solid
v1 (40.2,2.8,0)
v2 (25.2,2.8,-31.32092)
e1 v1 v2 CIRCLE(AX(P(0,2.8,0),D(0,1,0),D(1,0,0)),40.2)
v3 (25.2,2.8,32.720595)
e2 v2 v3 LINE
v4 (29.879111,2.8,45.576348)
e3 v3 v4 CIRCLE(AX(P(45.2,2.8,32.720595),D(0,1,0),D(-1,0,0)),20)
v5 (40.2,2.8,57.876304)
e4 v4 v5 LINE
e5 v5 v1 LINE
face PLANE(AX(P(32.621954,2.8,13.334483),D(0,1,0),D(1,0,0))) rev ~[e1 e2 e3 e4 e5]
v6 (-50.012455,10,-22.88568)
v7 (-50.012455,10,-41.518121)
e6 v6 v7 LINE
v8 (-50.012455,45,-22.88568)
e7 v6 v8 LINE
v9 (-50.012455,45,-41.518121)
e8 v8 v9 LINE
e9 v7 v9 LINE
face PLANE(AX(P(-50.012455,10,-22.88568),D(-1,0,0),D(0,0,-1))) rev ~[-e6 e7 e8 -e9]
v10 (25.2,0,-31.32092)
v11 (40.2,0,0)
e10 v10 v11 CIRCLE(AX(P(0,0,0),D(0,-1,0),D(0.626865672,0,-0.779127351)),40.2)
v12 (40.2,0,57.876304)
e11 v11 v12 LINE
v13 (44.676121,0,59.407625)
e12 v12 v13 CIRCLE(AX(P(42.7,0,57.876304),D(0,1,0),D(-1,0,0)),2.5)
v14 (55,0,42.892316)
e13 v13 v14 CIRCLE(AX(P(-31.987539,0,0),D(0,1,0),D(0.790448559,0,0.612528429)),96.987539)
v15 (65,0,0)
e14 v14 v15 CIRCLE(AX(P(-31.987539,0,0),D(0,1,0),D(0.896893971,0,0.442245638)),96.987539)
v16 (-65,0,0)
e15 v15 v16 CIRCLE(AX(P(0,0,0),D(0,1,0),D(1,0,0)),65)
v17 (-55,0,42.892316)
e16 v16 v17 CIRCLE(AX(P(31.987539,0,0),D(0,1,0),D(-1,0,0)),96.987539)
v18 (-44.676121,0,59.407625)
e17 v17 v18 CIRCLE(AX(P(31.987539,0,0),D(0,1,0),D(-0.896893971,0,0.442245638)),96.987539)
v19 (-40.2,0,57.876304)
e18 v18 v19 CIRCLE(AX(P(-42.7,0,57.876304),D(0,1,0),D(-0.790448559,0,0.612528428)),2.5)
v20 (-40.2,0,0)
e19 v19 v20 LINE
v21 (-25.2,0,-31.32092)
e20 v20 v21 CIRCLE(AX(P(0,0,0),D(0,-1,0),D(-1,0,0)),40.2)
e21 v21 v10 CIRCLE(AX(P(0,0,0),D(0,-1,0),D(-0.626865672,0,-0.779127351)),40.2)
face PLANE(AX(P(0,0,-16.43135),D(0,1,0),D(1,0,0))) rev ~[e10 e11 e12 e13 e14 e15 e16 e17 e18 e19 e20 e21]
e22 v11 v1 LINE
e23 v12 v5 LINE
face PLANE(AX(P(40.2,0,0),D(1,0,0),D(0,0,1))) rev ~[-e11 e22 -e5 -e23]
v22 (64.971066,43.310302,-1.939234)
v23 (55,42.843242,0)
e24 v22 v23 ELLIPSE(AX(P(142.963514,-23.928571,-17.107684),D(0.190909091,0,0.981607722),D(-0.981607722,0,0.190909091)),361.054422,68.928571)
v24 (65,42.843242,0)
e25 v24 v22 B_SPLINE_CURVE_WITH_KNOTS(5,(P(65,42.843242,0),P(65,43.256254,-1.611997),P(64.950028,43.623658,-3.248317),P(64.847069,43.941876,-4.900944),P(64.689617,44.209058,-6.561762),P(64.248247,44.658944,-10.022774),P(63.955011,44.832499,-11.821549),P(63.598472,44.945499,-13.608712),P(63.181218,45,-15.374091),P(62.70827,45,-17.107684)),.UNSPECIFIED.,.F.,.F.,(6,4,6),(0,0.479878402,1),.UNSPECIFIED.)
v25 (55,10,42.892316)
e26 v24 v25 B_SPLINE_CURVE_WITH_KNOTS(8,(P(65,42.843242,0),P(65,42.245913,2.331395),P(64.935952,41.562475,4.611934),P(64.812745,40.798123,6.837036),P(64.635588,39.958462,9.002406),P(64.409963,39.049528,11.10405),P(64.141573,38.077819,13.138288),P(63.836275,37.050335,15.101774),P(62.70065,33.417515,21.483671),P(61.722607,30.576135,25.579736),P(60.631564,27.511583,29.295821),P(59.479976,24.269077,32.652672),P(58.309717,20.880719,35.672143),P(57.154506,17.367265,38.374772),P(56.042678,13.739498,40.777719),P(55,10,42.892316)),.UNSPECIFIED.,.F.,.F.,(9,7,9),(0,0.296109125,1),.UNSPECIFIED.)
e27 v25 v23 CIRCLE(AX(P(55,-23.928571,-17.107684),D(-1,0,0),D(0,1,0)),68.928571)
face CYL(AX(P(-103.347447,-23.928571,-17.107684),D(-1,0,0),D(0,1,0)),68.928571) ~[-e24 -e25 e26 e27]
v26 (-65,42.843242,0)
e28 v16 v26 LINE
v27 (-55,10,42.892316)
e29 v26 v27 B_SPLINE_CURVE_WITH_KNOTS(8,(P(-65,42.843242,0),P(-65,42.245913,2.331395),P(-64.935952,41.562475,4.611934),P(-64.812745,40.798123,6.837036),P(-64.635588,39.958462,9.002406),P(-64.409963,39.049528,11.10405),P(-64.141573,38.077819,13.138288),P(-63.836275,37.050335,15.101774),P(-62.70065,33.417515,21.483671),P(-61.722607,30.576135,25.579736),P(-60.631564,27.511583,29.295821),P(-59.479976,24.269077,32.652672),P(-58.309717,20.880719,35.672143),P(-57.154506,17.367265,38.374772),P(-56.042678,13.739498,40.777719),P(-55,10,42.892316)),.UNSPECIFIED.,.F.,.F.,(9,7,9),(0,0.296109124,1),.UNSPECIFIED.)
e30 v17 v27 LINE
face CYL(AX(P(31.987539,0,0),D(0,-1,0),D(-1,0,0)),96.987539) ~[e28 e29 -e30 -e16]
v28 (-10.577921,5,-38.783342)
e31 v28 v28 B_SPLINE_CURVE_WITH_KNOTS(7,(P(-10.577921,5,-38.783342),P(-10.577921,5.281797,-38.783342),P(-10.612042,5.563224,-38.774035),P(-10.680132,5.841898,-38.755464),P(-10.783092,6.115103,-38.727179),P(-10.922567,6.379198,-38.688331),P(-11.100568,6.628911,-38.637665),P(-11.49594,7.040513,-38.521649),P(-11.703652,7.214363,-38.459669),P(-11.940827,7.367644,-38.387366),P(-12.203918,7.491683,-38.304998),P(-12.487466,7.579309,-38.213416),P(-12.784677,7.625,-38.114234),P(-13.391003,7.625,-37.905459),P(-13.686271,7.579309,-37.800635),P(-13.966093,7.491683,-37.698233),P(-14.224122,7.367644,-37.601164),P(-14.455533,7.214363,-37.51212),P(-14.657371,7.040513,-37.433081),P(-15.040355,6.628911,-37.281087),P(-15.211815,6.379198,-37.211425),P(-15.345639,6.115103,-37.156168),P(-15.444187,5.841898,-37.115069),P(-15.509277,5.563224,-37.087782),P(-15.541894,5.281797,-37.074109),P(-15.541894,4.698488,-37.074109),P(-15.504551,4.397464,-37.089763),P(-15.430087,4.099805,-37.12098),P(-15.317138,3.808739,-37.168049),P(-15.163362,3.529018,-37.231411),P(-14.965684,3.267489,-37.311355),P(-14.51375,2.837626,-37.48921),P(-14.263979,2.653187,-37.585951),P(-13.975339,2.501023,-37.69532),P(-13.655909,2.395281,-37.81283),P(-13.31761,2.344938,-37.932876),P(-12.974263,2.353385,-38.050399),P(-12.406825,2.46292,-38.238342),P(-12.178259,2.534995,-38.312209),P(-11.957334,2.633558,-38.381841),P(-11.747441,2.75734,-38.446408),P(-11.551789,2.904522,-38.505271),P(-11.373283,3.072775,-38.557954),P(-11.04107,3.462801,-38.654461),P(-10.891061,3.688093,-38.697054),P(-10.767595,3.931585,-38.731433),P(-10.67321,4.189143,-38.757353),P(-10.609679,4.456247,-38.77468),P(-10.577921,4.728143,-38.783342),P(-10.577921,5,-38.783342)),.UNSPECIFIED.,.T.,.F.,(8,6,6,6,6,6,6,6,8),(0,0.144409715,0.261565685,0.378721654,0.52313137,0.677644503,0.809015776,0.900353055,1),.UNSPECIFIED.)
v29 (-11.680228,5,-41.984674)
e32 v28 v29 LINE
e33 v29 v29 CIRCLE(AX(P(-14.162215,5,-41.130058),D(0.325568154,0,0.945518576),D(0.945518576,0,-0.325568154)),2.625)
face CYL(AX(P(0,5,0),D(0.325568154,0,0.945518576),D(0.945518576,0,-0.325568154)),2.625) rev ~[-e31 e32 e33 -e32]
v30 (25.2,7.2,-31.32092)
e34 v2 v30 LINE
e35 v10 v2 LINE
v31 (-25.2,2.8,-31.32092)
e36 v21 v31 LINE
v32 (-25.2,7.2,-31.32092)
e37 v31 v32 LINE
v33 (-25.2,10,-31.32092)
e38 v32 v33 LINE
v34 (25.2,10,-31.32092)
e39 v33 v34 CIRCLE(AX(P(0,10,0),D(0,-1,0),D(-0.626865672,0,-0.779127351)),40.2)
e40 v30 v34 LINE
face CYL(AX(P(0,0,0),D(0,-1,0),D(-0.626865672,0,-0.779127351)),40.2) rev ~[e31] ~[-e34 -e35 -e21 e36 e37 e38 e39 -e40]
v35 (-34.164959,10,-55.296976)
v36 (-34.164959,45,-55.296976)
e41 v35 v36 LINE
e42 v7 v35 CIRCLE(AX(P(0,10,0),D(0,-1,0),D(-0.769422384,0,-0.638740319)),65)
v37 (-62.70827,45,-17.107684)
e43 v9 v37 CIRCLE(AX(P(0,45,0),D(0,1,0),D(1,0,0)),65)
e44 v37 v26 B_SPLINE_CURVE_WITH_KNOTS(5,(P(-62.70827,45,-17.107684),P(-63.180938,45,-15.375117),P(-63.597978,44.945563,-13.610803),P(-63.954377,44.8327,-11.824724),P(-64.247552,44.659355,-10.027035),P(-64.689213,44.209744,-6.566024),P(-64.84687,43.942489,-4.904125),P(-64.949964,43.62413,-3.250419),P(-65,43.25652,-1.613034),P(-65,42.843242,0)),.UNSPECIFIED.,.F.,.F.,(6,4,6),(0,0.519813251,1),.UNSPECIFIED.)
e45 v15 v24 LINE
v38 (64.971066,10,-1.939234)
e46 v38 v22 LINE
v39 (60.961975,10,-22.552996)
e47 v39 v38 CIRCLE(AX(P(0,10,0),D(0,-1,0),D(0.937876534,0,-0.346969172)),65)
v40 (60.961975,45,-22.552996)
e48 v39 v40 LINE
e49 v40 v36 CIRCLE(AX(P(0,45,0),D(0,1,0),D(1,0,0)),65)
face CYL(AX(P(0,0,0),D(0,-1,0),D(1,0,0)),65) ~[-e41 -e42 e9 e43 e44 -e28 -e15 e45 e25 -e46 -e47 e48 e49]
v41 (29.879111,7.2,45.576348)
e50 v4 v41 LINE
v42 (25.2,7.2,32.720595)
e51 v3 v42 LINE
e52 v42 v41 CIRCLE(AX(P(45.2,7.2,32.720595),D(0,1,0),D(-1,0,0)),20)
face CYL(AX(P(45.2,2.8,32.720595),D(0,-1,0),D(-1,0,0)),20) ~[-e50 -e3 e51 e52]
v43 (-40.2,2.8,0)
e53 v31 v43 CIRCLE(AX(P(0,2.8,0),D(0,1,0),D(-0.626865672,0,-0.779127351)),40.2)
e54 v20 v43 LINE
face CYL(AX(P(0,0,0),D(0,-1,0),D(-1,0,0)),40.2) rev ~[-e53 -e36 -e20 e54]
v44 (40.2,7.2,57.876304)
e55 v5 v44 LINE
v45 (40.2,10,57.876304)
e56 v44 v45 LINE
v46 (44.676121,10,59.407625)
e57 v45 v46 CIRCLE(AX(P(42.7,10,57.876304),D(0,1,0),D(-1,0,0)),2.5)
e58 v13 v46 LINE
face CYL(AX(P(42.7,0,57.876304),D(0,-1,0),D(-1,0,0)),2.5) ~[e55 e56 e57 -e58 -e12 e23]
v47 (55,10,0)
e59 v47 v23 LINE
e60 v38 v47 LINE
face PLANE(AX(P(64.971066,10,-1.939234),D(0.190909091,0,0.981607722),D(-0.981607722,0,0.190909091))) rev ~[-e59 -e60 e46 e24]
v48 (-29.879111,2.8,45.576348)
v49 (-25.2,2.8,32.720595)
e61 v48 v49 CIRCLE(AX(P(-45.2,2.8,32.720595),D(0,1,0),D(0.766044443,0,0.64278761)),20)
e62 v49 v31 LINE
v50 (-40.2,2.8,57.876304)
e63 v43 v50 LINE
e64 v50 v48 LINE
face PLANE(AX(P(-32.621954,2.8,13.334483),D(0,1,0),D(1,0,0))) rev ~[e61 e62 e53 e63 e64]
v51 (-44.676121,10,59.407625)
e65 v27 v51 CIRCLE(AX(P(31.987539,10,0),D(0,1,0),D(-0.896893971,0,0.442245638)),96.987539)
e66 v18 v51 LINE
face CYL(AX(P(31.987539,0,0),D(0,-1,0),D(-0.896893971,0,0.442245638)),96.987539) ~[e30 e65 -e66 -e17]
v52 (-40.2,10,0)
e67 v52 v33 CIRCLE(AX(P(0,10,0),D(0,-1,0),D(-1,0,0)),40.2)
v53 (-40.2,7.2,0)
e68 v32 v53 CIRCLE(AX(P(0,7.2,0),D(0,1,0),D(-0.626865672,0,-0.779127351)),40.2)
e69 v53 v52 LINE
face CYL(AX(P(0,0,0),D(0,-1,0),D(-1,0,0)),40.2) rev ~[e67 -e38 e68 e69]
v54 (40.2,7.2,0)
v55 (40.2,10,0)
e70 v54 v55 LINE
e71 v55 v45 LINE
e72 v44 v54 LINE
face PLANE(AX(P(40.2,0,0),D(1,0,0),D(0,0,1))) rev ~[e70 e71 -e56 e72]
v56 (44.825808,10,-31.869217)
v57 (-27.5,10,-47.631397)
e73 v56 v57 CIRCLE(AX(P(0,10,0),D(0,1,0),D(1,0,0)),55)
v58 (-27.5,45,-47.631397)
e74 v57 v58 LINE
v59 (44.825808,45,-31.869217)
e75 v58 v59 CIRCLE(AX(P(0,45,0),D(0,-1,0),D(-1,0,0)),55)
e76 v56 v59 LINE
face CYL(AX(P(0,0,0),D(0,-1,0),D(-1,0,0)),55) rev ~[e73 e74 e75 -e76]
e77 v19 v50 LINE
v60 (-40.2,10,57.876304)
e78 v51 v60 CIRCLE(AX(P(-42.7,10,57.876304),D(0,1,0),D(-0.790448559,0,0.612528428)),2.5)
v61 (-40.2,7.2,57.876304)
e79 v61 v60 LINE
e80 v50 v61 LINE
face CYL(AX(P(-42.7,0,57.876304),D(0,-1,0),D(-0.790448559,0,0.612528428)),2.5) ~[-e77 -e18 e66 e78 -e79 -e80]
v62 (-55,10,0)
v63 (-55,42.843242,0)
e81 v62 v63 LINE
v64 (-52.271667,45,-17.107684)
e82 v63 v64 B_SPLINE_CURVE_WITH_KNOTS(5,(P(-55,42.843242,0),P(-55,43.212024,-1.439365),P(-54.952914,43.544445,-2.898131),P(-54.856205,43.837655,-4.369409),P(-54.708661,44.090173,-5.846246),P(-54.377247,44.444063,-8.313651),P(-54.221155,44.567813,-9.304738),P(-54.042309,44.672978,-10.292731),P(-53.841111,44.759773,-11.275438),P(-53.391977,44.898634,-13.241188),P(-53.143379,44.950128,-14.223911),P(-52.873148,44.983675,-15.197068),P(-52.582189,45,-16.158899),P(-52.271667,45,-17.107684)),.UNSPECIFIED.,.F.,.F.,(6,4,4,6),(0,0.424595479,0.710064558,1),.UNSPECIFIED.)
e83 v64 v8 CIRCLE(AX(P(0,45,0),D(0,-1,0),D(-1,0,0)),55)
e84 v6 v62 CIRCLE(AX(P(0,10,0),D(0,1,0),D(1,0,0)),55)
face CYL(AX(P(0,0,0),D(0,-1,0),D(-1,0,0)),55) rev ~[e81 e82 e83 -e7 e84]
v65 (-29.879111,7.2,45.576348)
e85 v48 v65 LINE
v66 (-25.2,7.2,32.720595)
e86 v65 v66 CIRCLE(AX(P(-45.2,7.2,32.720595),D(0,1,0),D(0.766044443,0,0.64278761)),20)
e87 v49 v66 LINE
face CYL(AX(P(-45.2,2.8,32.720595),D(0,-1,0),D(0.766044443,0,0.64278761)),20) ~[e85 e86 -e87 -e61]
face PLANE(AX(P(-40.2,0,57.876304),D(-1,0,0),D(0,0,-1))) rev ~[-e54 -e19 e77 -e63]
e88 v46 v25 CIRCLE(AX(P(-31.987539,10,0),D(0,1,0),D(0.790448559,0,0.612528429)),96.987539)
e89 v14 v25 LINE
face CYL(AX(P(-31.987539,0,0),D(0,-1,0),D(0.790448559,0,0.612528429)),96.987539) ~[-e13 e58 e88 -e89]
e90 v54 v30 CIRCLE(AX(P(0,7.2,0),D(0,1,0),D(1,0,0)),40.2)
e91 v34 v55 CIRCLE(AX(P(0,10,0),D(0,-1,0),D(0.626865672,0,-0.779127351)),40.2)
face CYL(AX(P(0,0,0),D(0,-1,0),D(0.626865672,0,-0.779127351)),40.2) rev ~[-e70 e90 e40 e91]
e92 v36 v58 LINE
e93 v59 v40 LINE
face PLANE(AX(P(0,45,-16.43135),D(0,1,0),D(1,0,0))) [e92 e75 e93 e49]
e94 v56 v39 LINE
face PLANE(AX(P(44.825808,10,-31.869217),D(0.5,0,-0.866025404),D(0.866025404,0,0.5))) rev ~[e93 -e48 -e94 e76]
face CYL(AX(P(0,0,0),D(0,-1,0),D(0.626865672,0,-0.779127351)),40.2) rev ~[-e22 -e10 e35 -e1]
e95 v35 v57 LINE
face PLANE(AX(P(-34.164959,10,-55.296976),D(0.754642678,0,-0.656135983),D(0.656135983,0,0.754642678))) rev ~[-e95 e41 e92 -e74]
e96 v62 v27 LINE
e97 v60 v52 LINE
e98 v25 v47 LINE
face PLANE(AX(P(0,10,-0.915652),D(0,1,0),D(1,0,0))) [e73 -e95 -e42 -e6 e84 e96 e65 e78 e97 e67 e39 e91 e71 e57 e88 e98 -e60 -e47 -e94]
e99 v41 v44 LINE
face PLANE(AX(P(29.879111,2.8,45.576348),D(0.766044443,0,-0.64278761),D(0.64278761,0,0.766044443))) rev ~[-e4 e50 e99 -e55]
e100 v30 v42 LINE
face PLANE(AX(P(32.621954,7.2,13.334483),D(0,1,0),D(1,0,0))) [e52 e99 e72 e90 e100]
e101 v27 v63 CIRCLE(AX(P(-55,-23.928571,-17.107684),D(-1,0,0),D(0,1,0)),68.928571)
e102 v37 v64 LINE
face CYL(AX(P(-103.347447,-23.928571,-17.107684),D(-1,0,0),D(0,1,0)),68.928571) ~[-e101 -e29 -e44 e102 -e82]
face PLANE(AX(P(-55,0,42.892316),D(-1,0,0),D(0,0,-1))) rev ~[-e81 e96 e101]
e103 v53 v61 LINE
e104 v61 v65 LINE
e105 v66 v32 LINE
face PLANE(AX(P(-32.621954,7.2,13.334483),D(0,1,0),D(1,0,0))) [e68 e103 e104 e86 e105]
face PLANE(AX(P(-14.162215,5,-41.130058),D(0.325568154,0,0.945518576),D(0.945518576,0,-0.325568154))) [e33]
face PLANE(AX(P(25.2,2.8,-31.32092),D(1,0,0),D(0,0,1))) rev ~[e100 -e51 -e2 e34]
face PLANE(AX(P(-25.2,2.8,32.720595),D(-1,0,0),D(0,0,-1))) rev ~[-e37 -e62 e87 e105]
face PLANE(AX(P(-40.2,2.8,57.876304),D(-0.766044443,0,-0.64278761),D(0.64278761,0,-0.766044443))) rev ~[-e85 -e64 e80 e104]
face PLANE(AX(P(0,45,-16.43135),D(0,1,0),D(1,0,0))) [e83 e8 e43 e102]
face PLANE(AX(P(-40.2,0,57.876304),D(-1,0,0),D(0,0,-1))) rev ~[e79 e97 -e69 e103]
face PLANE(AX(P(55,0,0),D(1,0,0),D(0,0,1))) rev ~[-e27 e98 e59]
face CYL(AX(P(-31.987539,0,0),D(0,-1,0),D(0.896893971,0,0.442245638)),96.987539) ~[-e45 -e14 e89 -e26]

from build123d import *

# Parameters (mm, degrees)
BOSS_EXTRUDE1_DEPTH     = 10
BOSS_EXTRUDE2_START     = 2.8
BOSS_EXTRUDE2_DEPTH     = 4.4
BOSS_EXTRUDE3_DEPTH     = 45
CUT_EXTRUDE1_DEPTH      = 103.347447452
CUT_EXTRUDE1_DEPTH_BACK = 103.347447452
CUT_EXTRUDE2_START      = -35
CUT_EXTRUDE2_DEPTH      = 35
SKETCH7_R               = 2.625
CUT_EXTRUDE5_DEPTH      = 43.5


with BuildPart() as part:
    # Sketch1 → Boss-Extrude1 (new body)
    with BuildSketch(Plane(origin=(0, 0, 0), x_dir=(1, 0, 0), z_dir=(0, 1, 0))):
        with BuildLine():
            Line((-40.2, -57.876303889), (-40.2, 0))
            ThreePointArc((-40.2, 0), (-36.256585609, 17.363755354), (-25.2, 31.320919527))
            ThreePointArc((-25.2, 31.320919527), (0, 40.2), (25.2, 31.320919527))
            ThreePointArc((25.2, 31.320919527), (36.256585609, 17.363755354), (40.2, 0))
            Line((40.2, 0), (40.2, -57.876303889))
            ThreePointArc((40.2, -57.876303889), (41.890773052, -60.2417112), (44.676121397, -59.40762496))
            ThreePointArc((44.676121397, -59.40762496), (50.25367708, -51.409776352), (55, -42.892316139))
            Line((55, -42.892316139), (55, 0))
            ThreePointArc((55, 0), (0, 55), (-55, 0))
            Line((-55, 0), (-55, -42.892316139))
            ThreePointArc((-55, -42.892316139), (-50.25367708, -51.409776352), (-44.676121397, -59.40762496))
            ThreePointArc((-44.676121397, -59.40762496), (-41.890773052, -60.2417112), (-40.2, -57.876303889))
        make_face()
    extrude(amount=BOSS_EXTRUDE1_DEPTH)

    # Sketch1<5> → Boss-Extrude2 (add)
    with BuildSketch(Plane(origin=(0, 0, 0), x_dir=(1, 0, 0), z_dir=(0, 1, 0)).offset(BOSS_EXTRUDE2_START)):
        with BuildLine():
            ThreePointArc((-25.2, 31.320919527), (-36.256585609, 17.363755354), (-40.2, 0))
            Line((-40.2, 0), (-40.2, -57.876303889))
            Line((-40.2, -57.876303889), (-29.879111138, -45.576347508))
            ThreePointArc((-29.879111138, -45.576347508), (-26.406147584, -39.560998181), (-25.2, -32.720595315))
            Line((-25.2, -32.720595315), (-25.2, 31.320919527))
        make_face()
        with BuildLine():
            ThreePointArc((40.2, 0), (36.256585609, 17.363755354), (25.2, 31.320919527))
            Line((25.2, 31.320919527), (25.2, -32.720595315))
            ThreePointArc((25.2, -32.720595315), (26.406147584, -39.560998181), (29.879111138, -45.576347508))
            Line((29.879111138, -45.576347508), (40.2, -57.876303889))
            Line((40.2, -57.876303889), (40.2, 0))
        make_face()
    extrude(amount=BOSS_EXTRUDE2_DEPTH)

    # Sketch1<6> → Boss-Extrude3 (add)
    with BuildSketch(Plane(origin=(0, 0, 0), x_dir=(1, 0, 0), z_dir=(0, 1, 0))):
        with BuildLine():
            ThreePointArc((-65, 0), (-62.466921066, -22.021300959), (-55, -42.892316139))
            Line((-55, -42.892316139), (-55, 0))
            ThreePointArc((-55, 0), (0, 55), (55, 0))
            Line((55, 0), (55, -42.892316139))
            ThreePointArc((55, -42.892316139), (62.466921066, -22.021300959), (65, 0))
            ThreePointArc((65, 0), (0, 65), (-65, 0))
        make_face()
    extrude(amount=BOSS_EXTRUDE3_DEPTH)

    # Sketch2 → Cut-Extrude1 (cut, two sides: drawn at the far end of the back side and taken through both)
    with BuildSketch(Plane(origin=(0, 0, 0), x_dir=(0, 0, -1), z_dir=(1, 0, 0)).offset(-CUT_EXTRUDE1_DEPTH_BACK)):
        with BuildLine():
            Line((-42.892316139, 10), (-42.892316139, 45))
            Line((-42.892316139, 45), (17.107683861, 45))
            ThreePointArc((17.107683861, 45), (-17.623426113, 35.61047424), (-42.892316139, 10))
        make_face()
    extrude(amount=CUT_EXTRUDE1_DEPTH + CUT_EXTRUDE1_DEPTH_BACK, mode=Mode.SUBTRACT)

    # Sketch3 → Cut-Extrude2 (cut)
    with BuildSketch(Plane(origin=(0, 45, 0), x_dir=(1, 0, 0), z_dir=(0, 1, 0)).offset(CUT_EXTRUDE2_START)):
        with BuildLine():
            Line((-34.164958741, 55.296976357), (-27.5, 47.631397208))
            ThreePointArc((-27.5, 47.631397208), (-36.087479082, 41.505347288), (-43.347496237, 33.852541558))
            ThreePointArc((-43.347496237, 33.852541558), (-47.000937608, 28.564170983), (-50.012454978, 22.885679957))
            Line((-50.012454978, 22.885679957), (-50.012454978, 41.518120707))
            ThreePointArc((-50.012454978, 41.518120707), (-42.648838916, 49.051774067), (-34.164958741, 55.296976357))
        make_face()
        with BuildLine():
            Line((64.971065648, 1.93923401), (55, 0))
            ThreePointArc((55, 0), (53.988424685, 10.5), (50.990909091, 20.613762153))
            ThreePointArc((50.990909091, 20.613762153), (48.237766513, 26.421920479), (44.825807714, 31.869216538))
            Line((44.825807714, 31.869216538), (60.961974739, 22.552996163))
            ThreePointArc((60.961974739, 22.552996163), (63.804501901, 12.409090909), (64.971065648, 1.93923401))
        make_face()
    extrude(amount=CUT_EXTRUDE2_DEPTH, mode=Mode.SUBTRACT)

    # Sketch7 → Cut-Extrude5 (cut)
    with BuildSketch(Plane(origin=(0, 0, 0), x_dir=(0, 1, 0), z_dir=(0.32556815445715737, 0, 0.9455185755993166))):
        with Locations(Location((5, 0, 0), (0, 0, 270))):
            Circle(SKETCH7_R)
    extrude(amount=-CUT_EXTRUDE5_DEPTH, mode=Mode.SUBTRACT)


solid = part.part
